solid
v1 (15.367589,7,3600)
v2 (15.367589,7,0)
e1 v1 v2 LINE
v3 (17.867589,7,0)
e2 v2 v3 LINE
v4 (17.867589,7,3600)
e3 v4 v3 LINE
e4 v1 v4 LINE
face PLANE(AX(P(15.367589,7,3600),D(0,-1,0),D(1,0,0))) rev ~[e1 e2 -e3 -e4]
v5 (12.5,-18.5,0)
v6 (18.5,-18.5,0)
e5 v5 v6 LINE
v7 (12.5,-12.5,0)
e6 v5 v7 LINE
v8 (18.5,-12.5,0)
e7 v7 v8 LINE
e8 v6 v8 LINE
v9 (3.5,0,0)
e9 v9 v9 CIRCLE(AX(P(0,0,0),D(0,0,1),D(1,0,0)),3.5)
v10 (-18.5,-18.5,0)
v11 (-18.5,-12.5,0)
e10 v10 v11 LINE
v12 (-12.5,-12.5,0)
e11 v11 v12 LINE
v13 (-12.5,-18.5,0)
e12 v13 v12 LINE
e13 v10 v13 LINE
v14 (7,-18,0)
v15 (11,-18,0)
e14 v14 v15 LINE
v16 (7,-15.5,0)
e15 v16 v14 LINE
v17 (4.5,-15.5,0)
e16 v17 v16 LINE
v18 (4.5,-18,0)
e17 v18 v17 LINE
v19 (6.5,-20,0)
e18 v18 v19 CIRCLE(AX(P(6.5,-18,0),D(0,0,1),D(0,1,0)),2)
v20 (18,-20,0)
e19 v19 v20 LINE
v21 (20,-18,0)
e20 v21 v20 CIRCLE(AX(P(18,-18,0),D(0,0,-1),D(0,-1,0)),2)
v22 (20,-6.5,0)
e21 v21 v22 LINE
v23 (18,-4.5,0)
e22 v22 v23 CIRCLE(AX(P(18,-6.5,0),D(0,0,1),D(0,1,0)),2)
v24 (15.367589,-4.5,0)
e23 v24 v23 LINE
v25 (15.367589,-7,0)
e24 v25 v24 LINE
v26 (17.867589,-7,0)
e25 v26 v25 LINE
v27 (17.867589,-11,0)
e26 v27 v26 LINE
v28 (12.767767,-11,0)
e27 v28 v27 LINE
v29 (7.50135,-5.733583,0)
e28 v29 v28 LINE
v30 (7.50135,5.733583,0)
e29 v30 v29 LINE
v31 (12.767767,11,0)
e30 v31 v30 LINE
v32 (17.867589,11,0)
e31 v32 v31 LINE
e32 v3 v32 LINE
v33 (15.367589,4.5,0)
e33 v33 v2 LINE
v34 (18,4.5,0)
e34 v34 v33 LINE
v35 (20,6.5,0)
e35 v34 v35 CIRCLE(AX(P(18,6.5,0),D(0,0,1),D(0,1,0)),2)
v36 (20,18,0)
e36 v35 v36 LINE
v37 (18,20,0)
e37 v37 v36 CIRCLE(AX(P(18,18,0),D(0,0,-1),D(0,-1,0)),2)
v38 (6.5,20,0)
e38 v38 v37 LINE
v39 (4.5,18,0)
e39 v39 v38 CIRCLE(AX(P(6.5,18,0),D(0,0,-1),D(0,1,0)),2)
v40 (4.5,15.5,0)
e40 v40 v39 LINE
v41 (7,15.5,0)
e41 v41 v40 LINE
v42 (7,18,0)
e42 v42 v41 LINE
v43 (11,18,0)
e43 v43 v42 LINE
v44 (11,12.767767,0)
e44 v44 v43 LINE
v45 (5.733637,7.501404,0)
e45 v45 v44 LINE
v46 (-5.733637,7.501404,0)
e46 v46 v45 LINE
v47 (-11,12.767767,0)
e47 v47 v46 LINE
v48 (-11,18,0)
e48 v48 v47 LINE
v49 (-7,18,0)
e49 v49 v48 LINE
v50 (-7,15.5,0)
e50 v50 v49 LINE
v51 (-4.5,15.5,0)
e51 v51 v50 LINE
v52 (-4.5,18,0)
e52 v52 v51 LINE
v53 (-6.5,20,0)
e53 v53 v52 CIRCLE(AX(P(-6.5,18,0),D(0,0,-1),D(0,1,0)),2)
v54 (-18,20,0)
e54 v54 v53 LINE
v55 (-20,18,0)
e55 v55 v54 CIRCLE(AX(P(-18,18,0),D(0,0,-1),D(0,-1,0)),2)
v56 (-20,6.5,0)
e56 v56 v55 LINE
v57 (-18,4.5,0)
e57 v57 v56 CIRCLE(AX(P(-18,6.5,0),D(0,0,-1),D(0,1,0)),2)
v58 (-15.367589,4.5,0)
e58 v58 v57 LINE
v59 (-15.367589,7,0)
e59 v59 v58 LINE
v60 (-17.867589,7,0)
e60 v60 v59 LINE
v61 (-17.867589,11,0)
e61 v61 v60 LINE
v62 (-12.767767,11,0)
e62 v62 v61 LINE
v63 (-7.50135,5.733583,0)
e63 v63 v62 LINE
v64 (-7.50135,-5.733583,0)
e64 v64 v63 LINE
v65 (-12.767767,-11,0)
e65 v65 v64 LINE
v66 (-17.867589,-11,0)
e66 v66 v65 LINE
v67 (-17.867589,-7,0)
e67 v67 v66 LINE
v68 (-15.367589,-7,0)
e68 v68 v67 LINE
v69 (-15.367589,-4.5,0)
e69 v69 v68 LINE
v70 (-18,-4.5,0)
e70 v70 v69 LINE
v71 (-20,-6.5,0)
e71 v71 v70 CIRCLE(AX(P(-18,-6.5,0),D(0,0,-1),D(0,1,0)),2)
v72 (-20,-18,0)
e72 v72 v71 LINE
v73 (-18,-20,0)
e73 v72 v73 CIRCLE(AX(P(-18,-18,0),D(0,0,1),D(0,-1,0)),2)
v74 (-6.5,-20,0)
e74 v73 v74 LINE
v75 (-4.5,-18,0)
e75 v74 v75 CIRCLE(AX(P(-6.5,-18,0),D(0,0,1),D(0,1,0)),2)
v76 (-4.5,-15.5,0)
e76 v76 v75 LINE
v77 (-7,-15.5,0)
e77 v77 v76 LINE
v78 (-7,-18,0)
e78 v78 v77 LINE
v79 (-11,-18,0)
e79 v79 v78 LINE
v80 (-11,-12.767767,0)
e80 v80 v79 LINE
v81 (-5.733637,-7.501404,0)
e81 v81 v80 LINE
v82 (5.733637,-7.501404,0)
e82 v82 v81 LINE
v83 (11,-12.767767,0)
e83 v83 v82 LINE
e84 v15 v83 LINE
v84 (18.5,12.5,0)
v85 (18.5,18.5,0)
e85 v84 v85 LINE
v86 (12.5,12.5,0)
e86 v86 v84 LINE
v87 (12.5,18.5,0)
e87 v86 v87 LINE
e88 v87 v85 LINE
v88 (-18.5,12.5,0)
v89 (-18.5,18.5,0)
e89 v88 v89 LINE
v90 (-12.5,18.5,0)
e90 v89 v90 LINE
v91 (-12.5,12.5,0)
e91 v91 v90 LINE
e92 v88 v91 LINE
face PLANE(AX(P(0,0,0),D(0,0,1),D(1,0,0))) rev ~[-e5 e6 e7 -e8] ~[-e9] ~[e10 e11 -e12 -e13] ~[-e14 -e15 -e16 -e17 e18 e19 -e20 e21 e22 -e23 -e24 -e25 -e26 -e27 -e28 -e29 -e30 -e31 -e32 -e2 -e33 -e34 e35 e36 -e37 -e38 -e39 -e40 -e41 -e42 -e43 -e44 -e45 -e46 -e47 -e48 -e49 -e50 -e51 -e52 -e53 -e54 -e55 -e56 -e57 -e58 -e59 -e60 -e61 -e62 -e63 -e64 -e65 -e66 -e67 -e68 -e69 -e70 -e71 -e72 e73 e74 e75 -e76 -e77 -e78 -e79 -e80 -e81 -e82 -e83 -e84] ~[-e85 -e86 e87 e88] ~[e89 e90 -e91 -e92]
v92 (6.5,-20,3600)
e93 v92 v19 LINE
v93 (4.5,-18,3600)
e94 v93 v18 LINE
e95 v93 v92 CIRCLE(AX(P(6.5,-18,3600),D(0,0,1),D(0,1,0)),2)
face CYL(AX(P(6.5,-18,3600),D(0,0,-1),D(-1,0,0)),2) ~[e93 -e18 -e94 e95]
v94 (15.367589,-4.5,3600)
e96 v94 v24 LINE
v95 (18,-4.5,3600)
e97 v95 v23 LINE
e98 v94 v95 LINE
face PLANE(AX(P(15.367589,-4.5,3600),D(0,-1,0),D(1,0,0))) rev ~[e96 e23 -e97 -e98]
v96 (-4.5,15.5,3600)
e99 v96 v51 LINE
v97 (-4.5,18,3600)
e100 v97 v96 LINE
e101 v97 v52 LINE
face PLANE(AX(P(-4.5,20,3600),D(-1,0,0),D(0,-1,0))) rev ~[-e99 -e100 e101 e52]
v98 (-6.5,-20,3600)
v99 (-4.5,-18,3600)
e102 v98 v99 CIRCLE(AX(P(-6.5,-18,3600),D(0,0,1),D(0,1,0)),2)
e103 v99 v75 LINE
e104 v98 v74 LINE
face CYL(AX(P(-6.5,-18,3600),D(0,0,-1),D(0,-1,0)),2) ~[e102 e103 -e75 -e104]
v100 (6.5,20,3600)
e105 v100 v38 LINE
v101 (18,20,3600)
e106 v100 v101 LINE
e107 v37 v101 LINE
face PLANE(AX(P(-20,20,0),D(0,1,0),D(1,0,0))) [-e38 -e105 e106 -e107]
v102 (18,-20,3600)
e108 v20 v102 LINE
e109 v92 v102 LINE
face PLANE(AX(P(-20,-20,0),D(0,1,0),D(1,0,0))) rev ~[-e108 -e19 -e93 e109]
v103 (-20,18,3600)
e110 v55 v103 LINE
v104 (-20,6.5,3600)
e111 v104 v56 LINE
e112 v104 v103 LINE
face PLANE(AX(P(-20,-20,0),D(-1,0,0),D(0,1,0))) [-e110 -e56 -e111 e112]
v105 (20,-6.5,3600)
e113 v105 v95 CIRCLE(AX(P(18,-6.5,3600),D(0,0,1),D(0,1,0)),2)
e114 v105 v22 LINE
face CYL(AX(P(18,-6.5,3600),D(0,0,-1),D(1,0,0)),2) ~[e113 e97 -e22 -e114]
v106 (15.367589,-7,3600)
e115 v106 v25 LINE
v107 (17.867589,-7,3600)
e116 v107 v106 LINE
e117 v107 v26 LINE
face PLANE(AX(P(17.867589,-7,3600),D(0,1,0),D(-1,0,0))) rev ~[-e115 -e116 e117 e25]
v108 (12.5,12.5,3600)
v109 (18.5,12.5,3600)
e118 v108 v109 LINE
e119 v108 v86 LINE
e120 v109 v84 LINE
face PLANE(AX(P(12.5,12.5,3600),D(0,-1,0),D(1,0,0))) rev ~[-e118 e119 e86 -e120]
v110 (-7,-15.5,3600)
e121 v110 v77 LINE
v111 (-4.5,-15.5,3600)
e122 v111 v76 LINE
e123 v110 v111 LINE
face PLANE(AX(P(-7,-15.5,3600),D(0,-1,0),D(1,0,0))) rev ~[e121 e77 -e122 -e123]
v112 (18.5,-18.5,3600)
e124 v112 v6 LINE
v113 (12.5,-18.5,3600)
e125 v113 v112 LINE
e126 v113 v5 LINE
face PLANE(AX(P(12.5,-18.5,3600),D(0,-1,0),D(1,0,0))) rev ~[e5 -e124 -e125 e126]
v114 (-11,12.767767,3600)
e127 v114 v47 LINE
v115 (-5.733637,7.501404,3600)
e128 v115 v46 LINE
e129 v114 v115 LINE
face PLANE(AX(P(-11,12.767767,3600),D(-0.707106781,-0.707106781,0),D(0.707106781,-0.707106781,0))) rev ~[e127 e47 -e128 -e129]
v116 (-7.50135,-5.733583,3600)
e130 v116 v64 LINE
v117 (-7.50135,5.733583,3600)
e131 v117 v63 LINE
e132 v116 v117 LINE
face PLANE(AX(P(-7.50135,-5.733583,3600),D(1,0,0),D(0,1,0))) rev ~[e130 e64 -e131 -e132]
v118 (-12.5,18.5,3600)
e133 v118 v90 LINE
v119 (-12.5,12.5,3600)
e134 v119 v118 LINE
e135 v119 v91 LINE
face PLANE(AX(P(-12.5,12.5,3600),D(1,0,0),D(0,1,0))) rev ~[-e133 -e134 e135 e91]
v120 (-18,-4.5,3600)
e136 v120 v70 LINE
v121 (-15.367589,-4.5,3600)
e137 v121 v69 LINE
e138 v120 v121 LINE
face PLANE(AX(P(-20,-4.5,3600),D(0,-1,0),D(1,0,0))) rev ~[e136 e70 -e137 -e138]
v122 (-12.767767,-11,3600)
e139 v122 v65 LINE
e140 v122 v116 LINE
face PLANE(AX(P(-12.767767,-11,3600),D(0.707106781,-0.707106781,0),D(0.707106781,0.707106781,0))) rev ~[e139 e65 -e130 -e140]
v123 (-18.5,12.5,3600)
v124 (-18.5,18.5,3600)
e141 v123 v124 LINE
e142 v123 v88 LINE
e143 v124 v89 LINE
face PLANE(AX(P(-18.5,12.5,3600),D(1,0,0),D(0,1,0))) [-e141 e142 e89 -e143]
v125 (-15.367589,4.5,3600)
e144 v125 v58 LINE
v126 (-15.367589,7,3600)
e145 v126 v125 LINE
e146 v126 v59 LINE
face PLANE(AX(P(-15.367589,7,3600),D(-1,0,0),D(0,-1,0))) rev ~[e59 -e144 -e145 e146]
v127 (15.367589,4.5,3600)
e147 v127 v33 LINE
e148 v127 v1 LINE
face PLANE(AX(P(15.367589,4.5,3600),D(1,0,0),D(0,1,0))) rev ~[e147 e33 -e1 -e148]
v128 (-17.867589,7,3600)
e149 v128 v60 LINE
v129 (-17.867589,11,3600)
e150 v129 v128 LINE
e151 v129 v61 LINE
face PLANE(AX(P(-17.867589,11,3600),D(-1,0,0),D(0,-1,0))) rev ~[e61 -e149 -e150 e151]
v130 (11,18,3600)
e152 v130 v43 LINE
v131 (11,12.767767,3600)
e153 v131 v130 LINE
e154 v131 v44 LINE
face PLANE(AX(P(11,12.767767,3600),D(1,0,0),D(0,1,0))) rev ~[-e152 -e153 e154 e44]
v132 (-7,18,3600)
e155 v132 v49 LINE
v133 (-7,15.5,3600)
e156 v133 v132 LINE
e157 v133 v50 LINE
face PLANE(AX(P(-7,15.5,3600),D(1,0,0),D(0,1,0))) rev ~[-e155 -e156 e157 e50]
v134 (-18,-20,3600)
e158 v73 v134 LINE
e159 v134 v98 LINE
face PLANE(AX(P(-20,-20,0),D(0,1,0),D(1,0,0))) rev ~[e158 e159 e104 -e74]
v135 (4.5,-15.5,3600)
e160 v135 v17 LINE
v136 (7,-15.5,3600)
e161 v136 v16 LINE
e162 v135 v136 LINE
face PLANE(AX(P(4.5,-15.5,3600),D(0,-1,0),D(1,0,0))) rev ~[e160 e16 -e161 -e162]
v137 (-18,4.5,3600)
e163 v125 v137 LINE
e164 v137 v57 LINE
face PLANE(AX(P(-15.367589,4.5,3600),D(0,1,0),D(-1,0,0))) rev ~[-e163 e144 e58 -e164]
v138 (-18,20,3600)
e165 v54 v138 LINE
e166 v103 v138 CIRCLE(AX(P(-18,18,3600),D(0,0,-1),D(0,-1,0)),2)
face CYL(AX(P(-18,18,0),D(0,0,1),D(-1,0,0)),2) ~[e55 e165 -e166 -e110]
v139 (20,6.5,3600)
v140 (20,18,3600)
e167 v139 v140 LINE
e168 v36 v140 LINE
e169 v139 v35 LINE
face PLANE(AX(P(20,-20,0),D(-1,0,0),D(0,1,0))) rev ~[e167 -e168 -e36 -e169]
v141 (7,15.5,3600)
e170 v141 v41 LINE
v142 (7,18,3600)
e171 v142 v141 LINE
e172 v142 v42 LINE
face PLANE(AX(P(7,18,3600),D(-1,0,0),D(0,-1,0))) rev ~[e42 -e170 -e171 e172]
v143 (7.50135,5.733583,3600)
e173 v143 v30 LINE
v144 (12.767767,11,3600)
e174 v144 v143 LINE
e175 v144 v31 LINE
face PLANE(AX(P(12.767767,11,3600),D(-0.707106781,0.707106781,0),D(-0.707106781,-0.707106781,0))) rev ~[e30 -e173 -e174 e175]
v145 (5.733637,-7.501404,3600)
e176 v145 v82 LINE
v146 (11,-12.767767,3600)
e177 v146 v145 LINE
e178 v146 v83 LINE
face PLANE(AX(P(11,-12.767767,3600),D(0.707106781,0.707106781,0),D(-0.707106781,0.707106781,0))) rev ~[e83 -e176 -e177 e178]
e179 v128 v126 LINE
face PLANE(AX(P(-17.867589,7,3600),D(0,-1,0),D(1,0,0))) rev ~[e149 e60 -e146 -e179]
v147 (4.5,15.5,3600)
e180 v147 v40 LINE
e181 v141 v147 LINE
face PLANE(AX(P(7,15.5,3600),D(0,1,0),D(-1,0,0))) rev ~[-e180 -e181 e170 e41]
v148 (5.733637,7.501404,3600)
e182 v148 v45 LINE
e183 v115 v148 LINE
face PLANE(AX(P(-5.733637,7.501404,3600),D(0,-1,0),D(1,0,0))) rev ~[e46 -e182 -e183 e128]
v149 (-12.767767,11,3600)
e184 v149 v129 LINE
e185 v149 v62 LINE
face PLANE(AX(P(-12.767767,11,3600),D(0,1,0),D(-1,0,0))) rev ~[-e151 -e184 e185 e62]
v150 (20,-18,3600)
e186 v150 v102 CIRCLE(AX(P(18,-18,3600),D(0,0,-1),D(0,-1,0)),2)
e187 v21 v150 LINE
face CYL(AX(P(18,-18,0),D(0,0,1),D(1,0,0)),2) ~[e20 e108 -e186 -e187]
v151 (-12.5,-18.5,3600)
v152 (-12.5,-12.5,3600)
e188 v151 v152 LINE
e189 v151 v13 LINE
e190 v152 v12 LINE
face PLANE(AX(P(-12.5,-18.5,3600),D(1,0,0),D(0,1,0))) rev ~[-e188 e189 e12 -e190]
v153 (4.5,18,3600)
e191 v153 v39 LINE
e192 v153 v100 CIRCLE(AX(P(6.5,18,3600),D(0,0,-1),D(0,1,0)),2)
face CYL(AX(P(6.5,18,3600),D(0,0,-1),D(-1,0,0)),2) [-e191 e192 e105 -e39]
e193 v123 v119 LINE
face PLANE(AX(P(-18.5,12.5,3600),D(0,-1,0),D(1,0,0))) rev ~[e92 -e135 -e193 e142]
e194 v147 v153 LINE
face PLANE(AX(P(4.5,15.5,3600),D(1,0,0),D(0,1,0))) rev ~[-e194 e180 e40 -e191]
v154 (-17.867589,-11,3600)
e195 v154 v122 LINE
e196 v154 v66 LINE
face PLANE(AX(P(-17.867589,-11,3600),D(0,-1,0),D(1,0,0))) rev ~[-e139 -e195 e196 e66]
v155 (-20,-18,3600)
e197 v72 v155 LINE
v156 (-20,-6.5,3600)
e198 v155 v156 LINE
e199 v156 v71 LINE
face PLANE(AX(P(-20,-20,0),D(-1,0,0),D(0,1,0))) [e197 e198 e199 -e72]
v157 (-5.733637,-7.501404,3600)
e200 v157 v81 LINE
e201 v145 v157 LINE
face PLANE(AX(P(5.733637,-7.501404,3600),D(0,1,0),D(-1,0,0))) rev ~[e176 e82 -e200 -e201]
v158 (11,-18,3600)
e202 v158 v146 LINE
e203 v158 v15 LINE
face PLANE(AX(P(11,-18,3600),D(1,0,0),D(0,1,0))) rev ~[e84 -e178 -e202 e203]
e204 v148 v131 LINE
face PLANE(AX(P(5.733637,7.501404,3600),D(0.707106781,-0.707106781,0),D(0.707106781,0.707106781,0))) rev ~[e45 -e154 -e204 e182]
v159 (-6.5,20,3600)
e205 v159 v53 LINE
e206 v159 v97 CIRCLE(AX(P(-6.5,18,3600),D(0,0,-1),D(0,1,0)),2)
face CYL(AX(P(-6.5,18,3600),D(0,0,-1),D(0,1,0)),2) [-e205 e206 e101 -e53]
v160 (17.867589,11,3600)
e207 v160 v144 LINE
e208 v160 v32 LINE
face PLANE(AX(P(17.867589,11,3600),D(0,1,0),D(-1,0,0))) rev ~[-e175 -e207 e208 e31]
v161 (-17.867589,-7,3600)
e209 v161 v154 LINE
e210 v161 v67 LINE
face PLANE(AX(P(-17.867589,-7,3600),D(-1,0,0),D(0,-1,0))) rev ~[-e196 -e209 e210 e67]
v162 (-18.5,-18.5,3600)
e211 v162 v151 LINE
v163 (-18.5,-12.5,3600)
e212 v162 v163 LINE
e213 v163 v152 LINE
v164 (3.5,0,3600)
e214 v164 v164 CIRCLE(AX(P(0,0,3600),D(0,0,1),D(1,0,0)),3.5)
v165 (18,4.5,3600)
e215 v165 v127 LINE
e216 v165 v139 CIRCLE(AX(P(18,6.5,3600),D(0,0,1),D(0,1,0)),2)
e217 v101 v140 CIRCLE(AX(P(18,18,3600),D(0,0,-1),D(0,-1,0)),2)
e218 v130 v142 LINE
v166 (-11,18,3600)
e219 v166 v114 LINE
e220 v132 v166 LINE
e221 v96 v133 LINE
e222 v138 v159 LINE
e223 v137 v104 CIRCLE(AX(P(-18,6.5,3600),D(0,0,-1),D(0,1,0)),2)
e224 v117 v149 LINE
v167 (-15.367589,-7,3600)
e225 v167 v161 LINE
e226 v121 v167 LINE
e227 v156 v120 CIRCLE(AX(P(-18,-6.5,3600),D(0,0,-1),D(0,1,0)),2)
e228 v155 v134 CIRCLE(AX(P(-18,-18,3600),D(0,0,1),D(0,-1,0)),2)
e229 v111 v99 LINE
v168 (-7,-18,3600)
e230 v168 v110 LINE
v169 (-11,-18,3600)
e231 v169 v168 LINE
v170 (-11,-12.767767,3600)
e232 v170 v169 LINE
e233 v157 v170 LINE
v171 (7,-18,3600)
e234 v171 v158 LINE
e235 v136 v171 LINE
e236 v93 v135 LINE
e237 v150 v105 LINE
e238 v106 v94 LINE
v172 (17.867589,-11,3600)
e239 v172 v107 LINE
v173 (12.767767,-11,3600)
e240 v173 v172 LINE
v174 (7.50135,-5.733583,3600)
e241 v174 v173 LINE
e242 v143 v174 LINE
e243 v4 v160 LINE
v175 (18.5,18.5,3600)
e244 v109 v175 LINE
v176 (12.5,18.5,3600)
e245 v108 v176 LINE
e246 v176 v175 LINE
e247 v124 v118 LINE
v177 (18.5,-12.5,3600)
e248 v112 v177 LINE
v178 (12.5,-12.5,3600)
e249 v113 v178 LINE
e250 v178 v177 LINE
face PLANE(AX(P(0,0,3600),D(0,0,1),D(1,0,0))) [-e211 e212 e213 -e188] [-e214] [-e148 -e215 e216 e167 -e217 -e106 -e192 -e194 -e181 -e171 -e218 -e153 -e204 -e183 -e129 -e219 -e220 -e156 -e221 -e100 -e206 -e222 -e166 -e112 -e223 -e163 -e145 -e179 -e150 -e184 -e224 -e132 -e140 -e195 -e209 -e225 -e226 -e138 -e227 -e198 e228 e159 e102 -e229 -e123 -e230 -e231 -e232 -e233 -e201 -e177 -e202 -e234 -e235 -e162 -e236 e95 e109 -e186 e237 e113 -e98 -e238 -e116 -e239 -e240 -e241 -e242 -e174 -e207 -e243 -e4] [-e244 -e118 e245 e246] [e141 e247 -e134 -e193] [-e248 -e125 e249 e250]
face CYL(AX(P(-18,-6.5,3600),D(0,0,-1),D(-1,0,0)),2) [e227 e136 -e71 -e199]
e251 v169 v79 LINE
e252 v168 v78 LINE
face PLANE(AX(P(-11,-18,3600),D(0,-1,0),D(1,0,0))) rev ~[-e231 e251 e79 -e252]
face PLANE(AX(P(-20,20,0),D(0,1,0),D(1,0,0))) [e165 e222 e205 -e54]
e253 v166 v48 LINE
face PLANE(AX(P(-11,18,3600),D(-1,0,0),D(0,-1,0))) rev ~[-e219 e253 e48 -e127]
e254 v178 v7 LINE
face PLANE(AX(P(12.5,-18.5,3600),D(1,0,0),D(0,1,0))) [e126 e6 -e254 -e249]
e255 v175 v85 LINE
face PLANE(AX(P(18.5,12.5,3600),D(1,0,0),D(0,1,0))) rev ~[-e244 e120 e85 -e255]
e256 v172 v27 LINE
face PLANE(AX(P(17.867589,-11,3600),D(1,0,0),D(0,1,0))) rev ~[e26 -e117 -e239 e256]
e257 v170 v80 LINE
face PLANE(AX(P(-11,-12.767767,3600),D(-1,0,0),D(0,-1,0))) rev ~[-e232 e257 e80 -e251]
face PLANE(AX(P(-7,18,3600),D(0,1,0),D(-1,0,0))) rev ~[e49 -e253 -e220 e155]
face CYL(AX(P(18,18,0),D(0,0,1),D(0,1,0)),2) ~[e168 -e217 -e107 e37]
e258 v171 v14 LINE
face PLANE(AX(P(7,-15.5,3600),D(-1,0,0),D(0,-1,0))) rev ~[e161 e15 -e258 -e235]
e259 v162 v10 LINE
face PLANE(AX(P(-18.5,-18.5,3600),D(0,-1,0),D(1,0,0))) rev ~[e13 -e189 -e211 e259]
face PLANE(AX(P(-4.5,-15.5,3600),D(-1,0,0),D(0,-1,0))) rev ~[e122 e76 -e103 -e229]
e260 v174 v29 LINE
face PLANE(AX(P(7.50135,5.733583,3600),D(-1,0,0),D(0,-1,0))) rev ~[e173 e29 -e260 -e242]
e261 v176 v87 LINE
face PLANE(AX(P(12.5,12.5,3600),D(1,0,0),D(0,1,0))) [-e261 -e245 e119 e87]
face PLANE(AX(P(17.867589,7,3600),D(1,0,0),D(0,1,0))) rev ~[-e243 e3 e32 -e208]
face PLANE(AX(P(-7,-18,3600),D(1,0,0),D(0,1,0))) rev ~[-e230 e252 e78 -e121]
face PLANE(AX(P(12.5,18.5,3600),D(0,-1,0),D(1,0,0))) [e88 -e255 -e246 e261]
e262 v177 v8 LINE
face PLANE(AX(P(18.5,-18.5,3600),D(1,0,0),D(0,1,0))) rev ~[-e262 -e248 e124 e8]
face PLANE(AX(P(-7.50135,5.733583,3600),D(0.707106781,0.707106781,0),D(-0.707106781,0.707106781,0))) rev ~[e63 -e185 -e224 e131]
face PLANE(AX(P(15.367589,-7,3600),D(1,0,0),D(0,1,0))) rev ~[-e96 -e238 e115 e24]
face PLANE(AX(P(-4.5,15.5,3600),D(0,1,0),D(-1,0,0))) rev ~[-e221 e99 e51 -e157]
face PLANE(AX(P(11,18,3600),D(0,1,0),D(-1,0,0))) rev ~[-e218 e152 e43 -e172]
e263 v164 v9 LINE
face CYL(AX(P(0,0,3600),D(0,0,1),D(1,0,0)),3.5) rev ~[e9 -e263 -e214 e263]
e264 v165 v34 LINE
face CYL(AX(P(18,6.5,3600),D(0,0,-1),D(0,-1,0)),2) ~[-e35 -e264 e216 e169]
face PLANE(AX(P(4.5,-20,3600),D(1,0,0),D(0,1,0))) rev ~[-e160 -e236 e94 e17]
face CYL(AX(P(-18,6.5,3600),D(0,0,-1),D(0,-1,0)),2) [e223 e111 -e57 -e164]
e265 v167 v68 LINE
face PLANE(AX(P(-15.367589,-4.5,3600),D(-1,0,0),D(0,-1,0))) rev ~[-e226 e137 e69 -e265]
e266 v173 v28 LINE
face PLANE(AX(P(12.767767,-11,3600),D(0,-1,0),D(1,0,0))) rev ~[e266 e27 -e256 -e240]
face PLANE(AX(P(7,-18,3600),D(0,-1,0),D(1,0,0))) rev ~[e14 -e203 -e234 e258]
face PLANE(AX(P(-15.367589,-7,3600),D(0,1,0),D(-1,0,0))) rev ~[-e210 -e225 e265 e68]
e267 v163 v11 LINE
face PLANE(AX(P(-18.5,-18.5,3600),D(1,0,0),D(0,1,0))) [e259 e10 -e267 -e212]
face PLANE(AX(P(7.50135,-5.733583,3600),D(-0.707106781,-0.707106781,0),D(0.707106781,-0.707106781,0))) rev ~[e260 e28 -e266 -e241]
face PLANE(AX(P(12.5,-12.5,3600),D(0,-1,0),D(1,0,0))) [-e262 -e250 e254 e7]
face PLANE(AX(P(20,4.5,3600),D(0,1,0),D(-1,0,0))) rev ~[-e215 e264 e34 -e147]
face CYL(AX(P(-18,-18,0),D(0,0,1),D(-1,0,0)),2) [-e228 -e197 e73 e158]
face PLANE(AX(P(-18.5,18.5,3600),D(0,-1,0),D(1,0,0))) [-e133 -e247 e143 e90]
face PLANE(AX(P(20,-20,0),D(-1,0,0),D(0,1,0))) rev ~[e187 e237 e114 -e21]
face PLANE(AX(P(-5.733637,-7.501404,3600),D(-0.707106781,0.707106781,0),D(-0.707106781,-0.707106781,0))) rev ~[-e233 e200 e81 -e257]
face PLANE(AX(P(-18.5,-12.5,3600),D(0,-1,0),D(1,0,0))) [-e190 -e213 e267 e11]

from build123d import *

# Parameters (mm, degrees)
CROQUIS1_W              = 40
CROQUIS1_H              = 40
SALIENTE_EXTRUIR1_DEPTH = 3600
CROQUIS2_W              = 6
CROQUIS2_H              = 6
CROQUIS2_R              = 3.5
CORTAR_EXTRUIR2_DEPTH   = 3600
REDONDEO1_R             = 2
REDONDEO2_R             = 2


with BuildPart() as part:
    # Croquis1 → Saliente-Extruir1 (new body)
    with BuildSketch(Plane.XY):
        Rectangle(CROQUIS1_W, CROQUIS1_H)
    extrude(amount=SALIENTE_EXTRUIR1_DEPTH)

    # Croquis2 → Cortar-Extruir2 (cut)
    with BuildSketch(Plane.XY.offset(3600)):
        with Locations((-15.5, 15.5)):
            Rectangle(CROQUIS2_W, CROQUIS2_H)
        Polygon((4.5, 15.5), (4.5, 20), (-4.5, 20), (-4.5, 15.5), (-7, 15.5), (-7, 18), (-11, 18), (-11, 12.767766953), (-5.733637236, 7.501404189), (5.733637236, 7.501404189), (11, 12.767766953), (11, 18), (7, 18), (7, 15.5), align=None)
        with Locations((15.5, 15.5)):
            Rectangle(CROQUIS2_W, CROQUIS2_H)
        Polygon((15.367588592, -4.5), (20, -4.5), (20, 4.5), (15.367588592, 4.5), (15.367588592, 7), (17.867588592, 7), (17.867588592, 11), (12.767766953, 11), (7.501349817, 5.733582864), (7.501349817, -5.733582864), (12.767766953, -11), (17.867588592, -11), (17.867588592, -7), (15.367588592, -7), align=None)
        Polygon((-20, 4.5), (-20, -4.5), (-15.367588592, -4.5), (-15.367588592, -7), (-17.867588592, -7), (-17.867588592, -11), (-12.767766953, -11), (-7.501349817, -5.733582864), (-7.501349817, 5.733582864), (-12.767766953, 11), (-17.867588592, 11), (-17.867588592, 7), (-15.367588592, 7), (-15.367588592, 4.5), align=None)
        Circle(CROQUIS2_R)
        Polygon((11, -12.767766953), (5.733637236, -7.501404189), (-5.733637236, -7.501404189), (-11, -12.767766953), (-11, -18), (-7, -18), (-7, -15.5), (-4.5, -15.5), (-4.5, -20), (4.5, -20), (4.5, -15.5), (7, -15.5), (7, -18), (11, -18), align=None)
        with Locations((-15.5, -15.5)):
            Rectangle(CROQUIS2_W, CROQUIS2_H)
        with Locations((15.5, -15.5)):
            Rectangle(CROQUIS2_W, CROQUIS2_H)
    extrude(amount=-CORTAR_EXTRUIR2_DEPTH, mode=Mode.SUBTRACT)

    # Redondeo1
    redondeo1_edges = [part.edges().sort_by_distance(p)[0] for p in [
        (20, -20, 1800),
        (-20, -20, 1800),
        (-20, 20, 1800),
        (20, 20, 1800),
    ]]
    fillet(redondeo1_edges, radius=REDONDEO1_R)

    # Redondeo2
    redondeo2_edges = [part.edges().sort_by_distance(p)[0] for p in [
        (4.5, 20, 1800),
        (-4.5, 20, 1800),
        (20, -4.5, 1800),
        (20, 4.5, 1800),
        (-20, 4.5, 1800),
        (-20, -4.5, 1800),
        (-4.5, -20, 1800),
        (4.5, -20, 1800),
    ]]
    fillet(redondeo2_edges, radius=REDONDEO2_R)


solid = part.part
